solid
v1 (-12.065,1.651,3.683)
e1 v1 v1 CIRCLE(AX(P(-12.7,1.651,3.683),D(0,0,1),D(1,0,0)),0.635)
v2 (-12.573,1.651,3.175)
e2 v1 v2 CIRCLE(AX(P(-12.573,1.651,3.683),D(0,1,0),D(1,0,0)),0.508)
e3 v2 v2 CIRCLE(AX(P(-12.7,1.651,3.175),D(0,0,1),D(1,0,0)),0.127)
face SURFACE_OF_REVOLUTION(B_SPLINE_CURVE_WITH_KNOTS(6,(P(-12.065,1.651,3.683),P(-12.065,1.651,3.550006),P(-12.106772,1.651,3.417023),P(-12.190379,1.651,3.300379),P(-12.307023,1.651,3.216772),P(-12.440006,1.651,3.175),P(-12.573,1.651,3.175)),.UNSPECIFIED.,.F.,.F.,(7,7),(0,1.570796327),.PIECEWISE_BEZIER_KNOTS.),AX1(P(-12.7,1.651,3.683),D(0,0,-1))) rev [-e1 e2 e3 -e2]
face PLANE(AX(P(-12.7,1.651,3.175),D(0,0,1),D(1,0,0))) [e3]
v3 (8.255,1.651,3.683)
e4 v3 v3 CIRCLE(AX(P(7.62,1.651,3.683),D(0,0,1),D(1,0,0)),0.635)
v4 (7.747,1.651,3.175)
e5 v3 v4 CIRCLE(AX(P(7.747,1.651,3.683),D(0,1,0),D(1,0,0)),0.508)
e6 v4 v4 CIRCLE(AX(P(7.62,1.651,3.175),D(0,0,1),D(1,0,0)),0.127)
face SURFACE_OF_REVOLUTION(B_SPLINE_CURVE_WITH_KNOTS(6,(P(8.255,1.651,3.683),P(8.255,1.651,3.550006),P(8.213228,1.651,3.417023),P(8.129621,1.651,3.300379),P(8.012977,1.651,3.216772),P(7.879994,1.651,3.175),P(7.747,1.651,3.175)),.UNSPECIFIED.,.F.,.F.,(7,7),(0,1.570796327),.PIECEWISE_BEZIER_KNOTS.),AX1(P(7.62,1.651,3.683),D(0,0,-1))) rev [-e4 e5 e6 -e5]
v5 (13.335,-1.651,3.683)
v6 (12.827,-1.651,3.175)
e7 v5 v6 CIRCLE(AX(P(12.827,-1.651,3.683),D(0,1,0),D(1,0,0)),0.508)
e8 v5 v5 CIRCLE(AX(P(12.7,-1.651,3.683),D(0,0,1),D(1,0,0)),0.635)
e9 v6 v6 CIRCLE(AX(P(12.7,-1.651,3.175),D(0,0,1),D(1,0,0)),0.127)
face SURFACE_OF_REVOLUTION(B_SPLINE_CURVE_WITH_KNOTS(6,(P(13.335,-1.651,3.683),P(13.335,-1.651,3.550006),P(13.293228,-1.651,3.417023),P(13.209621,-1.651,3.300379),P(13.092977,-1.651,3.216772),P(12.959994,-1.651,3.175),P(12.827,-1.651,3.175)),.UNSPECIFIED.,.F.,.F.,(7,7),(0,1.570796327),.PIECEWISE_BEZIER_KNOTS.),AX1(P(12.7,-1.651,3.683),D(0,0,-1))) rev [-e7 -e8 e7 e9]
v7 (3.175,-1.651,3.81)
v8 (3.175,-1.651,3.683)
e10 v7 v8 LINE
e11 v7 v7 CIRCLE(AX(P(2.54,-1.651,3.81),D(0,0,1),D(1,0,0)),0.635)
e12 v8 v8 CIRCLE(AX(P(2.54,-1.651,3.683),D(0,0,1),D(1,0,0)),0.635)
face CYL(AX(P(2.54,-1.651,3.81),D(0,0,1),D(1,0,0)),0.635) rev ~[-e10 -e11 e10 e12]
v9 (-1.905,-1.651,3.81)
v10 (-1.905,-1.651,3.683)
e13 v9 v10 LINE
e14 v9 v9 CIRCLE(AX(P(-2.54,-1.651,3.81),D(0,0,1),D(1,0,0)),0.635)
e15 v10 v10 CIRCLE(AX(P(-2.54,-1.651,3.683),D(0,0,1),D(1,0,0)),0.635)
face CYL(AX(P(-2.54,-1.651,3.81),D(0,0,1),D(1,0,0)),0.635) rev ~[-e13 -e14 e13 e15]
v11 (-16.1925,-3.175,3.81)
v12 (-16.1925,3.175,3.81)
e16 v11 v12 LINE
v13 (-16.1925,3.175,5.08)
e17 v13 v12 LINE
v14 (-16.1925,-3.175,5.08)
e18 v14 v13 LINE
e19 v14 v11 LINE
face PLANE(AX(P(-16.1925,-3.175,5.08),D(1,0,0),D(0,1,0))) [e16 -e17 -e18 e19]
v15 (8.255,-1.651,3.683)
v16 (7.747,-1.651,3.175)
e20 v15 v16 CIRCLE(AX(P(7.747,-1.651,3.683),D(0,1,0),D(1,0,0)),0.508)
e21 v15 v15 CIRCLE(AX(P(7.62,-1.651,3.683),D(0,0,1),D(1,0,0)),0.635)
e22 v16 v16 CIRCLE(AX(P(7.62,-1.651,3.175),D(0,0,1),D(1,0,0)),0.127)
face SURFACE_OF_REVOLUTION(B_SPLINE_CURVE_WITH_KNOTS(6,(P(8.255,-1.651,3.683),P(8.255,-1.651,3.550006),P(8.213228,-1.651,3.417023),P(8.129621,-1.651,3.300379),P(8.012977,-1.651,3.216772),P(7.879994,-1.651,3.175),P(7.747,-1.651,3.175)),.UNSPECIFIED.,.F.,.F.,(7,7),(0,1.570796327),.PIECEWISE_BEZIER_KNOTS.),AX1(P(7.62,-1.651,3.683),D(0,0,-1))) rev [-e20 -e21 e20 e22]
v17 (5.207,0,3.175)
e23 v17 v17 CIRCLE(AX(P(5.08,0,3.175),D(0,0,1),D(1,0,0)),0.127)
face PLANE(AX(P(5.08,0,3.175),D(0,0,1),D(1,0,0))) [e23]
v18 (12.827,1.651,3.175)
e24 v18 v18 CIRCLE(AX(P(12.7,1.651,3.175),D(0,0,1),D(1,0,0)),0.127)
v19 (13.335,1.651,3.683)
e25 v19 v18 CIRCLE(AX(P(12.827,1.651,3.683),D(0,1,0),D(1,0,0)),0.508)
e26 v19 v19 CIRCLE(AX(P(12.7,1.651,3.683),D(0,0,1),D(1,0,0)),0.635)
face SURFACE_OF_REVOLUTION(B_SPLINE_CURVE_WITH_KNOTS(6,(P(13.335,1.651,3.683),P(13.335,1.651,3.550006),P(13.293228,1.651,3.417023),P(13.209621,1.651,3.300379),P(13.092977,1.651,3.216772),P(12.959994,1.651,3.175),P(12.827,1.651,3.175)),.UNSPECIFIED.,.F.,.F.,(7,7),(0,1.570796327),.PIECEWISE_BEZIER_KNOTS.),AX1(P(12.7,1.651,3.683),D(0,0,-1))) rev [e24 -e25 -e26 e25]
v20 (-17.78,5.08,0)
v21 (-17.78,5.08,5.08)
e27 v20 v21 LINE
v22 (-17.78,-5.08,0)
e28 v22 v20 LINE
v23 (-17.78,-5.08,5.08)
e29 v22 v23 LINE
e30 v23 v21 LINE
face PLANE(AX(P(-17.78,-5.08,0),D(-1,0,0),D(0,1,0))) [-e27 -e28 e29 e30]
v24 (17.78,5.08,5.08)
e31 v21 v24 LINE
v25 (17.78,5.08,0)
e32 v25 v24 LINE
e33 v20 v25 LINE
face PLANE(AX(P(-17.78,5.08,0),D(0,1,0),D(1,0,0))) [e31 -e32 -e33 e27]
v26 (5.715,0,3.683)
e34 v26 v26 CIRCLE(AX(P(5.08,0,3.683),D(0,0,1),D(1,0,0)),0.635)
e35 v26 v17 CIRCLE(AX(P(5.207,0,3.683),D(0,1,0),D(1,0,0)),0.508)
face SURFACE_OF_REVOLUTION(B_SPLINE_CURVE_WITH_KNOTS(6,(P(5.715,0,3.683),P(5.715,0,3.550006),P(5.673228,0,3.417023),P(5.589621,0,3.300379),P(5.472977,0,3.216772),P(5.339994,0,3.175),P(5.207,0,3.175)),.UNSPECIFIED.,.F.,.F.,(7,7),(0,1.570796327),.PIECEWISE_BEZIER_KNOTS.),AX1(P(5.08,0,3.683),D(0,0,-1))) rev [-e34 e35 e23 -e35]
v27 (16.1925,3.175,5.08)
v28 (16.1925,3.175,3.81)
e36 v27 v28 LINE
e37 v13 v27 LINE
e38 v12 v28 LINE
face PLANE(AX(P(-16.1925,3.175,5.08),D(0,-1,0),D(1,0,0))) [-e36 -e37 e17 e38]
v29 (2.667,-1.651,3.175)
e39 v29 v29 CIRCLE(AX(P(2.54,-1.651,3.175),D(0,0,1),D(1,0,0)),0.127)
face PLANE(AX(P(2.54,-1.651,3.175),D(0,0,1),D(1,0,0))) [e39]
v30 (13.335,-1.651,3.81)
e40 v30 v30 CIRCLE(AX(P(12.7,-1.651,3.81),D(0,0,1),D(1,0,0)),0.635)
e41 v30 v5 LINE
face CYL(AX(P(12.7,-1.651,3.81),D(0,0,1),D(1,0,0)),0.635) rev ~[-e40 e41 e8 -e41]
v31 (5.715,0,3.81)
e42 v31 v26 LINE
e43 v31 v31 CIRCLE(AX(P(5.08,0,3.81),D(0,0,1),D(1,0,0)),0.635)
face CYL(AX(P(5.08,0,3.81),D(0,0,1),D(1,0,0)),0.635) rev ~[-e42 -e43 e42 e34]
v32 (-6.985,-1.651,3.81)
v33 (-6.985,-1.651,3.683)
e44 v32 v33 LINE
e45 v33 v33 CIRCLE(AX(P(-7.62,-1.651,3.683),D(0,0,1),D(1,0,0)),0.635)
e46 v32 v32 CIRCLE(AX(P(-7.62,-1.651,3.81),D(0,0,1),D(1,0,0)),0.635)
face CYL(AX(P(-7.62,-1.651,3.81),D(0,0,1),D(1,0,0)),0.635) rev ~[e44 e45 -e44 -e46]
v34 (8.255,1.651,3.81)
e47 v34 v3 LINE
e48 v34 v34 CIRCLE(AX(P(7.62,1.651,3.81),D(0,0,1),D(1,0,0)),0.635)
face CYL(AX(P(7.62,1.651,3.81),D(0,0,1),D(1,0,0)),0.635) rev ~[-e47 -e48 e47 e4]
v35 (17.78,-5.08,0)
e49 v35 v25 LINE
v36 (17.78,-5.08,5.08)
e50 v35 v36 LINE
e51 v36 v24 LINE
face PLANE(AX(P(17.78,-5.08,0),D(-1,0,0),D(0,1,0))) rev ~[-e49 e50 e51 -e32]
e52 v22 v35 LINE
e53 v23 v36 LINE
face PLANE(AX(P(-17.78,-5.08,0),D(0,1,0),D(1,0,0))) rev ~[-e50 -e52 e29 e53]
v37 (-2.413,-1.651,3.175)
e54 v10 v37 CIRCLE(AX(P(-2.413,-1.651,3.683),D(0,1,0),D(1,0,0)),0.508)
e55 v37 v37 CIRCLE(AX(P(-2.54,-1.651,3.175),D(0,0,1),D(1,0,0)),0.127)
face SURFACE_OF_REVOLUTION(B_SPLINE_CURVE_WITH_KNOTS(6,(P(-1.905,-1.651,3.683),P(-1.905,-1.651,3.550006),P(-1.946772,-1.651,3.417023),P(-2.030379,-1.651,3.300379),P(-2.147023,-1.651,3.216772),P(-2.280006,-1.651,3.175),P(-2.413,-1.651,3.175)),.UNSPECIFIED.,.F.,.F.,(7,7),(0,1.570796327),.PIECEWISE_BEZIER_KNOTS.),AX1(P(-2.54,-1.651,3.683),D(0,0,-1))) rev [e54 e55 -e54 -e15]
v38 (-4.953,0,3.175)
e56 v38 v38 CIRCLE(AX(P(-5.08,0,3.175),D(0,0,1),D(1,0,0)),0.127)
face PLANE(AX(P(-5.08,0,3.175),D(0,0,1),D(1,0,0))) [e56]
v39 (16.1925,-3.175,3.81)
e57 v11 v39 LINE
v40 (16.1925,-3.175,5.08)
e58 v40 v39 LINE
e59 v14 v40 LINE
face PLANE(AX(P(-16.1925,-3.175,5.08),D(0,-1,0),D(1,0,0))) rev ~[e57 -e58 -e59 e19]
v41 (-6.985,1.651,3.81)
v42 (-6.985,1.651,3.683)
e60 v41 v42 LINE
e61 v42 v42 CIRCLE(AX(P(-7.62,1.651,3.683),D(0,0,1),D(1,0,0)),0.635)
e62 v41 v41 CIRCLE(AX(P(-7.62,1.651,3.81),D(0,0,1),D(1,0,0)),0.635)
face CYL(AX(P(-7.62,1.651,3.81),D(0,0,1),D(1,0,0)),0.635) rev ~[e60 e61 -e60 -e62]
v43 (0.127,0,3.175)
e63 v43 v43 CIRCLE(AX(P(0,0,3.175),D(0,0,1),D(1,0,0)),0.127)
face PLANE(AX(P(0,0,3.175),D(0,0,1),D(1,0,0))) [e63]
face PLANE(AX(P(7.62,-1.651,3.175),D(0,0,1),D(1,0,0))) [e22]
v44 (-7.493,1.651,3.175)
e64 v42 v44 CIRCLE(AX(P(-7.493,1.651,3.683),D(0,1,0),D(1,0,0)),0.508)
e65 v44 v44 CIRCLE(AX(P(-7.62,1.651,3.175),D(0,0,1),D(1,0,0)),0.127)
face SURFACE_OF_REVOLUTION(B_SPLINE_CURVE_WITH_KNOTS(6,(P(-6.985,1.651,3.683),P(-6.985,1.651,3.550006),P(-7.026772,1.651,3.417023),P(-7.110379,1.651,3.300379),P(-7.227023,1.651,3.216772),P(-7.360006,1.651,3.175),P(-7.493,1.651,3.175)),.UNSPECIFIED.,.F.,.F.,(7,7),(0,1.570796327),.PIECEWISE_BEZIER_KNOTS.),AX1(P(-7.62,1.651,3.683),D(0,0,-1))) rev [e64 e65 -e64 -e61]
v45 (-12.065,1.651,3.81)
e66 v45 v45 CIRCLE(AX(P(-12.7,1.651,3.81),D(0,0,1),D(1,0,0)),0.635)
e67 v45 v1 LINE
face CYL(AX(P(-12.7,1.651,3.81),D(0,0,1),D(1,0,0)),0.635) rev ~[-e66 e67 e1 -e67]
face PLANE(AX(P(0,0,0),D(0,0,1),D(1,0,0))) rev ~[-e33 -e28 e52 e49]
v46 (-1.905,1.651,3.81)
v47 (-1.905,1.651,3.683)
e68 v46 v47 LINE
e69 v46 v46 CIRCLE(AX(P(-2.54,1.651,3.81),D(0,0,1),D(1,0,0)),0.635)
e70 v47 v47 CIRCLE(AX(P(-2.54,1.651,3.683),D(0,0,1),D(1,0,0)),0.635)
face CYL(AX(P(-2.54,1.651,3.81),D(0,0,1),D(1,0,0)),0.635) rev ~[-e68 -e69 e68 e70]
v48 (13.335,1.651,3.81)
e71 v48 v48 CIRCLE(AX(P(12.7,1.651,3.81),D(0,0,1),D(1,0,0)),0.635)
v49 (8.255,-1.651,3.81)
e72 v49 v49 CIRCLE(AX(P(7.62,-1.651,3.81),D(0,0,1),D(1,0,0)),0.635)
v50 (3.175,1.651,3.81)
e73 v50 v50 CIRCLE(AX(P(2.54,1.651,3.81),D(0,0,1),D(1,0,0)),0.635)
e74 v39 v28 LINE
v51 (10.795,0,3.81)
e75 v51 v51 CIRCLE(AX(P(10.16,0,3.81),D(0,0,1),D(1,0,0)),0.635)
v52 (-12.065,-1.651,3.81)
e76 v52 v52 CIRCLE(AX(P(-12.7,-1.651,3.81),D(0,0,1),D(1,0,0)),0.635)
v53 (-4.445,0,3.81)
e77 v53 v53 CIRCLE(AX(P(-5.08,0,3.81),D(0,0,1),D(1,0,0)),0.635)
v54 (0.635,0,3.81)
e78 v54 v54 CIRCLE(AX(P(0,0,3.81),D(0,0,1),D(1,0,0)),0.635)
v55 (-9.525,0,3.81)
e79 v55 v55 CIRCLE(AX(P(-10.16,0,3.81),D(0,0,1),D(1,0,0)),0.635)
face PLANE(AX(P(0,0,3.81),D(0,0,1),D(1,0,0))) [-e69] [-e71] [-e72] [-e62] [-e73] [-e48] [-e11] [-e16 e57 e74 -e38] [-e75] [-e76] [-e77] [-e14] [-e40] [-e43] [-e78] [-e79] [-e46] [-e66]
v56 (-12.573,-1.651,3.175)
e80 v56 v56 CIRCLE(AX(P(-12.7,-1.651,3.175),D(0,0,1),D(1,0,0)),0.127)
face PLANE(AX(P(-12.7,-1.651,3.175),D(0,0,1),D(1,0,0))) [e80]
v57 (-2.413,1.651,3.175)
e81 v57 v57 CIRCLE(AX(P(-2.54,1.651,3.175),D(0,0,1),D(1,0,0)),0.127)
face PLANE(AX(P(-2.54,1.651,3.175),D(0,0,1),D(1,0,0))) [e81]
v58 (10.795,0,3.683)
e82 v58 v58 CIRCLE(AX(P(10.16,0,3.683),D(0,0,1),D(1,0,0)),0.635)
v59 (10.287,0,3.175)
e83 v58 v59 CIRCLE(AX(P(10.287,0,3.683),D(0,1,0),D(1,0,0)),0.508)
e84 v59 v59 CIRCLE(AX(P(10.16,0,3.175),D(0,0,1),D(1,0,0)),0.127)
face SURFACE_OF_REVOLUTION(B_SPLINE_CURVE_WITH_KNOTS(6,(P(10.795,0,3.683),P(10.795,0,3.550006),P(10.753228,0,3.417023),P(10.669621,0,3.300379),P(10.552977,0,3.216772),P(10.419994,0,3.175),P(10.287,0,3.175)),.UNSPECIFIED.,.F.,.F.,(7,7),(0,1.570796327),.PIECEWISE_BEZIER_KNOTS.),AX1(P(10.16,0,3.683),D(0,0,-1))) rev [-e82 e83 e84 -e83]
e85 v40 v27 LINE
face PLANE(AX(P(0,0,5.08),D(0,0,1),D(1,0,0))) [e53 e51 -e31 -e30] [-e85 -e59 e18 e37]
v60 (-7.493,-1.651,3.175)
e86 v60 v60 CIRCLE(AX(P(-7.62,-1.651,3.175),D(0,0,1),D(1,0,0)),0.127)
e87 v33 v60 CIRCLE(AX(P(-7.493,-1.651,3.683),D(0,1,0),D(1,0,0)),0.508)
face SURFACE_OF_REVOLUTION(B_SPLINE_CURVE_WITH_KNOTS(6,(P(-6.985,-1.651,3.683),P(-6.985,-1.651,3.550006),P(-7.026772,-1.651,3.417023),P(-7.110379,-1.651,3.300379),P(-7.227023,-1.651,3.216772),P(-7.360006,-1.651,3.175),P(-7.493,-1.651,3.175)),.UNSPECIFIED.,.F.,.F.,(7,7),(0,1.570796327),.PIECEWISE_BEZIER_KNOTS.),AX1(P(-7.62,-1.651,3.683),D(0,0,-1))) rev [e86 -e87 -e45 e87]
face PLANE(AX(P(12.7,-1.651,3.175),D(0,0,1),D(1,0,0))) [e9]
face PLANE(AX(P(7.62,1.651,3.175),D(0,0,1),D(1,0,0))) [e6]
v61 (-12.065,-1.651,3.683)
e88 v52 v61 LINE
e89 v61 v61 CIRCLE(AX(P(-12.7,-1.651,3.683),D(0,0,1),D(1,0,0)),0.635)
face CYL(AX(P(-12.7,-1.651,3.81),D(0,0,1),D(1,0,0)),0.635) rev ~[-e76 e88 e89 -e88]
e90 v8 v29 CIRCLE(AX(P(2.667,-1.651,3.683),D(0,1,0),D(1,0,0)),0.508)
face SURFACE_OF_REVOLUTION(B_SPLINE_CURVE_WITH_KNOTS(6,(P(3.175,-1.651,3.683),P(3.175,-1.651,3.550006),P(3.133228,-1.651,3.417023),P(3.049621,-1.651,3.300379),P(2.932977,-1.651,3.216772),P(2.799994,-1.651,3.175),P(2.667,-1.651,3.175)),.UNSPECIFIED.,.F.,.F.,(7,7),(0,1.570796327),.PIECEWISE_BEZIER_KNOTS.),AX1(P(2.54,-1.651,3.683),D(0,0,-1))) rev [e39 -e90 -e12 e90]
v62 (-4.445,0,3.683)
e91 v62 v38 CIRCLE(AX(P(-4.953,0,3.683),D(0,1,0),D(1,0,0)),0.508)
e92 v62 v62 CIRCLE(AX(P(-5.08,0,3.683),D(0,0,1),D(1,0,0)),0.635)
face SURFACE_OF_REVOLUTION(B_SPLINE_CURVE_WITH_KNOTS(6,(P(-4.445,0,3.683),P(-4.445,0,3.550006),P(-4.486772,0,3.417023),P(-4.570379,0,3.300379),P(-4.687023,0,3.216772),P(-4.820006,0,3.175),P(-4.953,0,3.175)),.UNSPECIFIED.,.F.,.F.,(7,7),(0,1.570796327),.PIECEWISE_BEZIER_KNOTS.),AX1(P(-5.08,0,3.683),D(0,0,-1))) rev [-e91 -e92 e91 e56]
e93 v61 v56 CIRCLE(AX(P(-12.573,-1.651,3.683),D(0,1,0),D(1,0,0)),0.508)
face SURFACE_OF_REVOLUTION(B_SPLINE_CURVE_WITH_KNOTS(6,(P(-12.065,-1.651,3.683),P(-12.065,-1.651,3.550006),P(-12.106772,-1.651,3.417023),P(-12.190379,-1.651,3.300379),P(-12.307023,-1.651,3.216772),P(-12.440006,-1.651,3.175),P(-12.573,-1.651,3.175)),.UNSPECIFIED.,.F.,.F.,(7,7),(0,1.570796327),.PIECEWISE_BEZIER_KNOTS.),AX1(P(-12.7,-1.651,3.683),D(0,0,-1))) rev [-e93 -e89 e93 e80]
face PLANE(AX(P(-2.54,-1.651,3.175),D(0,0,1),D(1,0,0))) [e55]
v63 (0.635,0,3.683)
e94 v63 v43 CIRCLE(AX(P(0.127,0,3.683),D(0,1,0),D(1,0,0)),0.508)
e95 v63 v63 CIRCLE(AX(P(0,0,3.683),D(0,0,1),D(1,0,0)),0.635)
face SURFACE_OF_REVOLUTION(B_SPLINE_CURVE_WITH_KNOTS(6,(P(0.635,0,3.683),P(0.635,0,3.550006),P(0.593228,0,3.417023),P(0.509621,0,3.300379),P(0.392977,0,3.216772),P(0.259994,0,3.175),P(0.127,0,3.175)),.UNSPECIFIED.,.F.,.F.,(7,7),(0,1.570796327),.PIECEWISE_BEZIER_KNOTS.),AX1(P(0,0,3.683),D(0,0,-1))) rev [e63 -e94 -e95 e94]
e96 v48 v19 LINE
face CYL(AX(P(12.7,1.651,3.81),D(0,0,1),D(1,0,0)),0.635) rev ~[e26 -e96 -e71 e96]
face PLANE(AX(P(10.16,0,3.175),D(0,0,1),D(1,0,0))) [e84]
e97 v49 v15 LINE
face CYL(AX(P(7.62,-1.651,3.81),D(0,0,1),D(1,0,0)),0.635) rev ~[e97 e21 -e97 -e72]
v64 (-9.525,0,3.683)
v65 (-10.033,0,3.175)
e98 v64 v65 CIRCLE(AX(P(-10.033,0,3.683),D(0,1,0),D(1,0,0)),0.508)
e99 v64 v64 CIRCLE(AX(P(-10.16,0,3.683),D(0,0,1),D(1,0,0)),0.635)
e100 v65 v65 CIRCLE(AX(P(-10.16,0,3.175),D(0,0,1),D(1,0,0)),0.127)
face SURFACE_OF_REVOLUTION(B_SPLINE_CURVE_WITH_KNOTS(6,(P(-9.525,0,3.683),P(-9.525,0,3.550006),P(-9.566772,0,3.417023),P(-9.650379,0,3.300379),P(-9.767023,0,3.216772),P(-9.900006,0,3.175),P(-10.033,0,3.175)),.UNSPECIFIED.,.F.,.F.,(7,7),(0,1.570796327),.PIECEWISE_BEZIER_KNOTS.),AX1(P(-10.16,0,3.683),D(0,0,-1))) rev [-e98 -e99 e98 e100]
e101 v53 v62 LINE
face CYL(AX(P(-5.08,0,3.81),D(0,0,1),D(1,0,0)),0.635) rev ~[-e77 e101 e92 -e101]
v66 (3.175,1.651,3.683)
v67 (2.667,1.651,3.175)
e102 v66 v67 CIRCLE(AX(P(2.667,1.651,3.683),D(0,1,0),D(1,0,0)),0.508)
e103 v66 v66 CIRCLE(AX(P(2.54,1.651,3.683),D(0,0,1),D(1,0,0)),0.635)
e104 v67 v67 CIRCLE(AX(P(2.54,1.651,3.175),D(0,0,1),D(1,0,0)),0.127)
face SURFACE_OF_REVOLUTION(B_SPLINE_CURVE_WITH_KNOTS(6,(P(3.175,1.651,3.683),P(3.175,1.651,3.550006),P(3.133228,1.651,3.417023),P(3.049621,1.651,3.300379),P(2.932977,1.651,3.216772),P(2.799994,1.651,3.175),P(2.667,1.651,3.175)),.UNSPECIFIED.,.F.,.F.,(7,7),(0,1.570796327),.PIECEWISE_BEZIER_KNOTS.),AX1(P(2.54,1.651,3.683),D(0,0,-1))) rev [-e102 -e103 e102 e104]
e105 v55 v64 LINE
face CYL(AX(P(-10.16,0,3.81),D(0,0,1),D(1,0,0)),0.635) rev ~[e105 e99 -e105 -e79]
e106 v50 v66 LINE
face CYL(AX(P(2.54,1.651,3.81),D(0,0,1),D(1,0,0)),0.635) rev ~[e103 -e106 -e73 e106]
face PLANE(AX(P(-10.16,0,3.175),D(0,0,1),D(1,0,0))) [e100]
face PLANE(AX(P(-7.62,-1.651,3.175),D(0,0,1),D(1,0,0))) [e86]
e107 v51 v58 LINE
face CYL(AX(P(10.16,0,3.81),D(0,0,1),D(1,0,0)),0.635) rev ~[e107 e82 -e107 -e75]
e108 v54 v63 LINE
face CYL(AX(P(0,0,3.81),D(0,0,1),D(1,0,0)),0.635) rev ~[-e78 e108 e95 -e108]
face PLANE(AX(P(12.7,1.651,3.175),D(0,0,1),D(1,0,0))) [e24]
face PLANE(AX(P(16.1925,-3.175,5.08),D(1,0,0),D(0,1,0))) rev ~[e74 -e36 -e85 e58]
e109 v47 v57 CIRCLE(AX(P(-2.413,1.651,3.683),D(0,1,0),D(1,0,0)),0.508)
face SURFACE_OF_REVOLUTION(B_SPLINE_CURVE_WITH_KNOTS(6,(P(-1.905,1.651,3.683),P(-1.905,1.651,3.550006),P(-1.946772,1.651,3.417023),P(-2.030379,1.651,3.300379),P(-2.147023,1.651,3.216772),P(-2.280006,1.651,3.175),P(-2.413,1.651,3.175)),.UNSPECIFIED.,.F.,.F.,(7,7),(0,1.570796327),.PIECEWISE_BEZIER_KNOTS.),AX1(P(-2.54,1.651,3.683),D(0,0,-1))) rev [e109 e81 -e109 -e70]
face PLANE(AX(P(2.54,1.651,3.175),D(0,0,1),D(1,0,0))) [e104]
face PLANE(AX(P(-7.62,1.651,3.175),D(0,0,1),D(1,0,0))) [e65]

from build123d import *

# Parameters (mm, degrees)
F0_W     = 35.56
F0_H     = 10.16
F1_DEPTH = 5.08
F2_W     = 32.385
F2_H     = 6.35
F3_DEPTH = 1.27
F4_R     = 0.635
F5_DEPTH = 0.635
F6_R     = 0.508


with BuildPart() as f1:
    # F0 (on Top) → F1 (new body)
    with BuildSketch(Plane.XY):
        Rectangle(F0_W, F0_H)
    extrude(amount=F1_DEPTH)

    # F2 (on face) → F3 (cut)
    with BuildSketch(Plane.XY.offset(5.08)):
        Rectangle(F2_W, F2_H)
    extrude(amount=-F3_DEPTH, mode=Mode.SUBTRACT)

    # F4 (on face) → F5 (cut)
    with BuildSketch(Plane.XY.offset(3.81)):
        with Locations((-12.7, 1.651)):
            Circle(F4_R)
        with Locations((-10.16, 0)):
            Circle(F4_R)
        with Locations((-7.62, 1.651)):
            Circle(F4_R)
        with Locations((-2.54, 1.651)):
            Circle(F4_R)
        with Locations((2.54, 1.651)):
            Circle(F4_R)
        with Locations((7.62, 1.651)):
            Circle(F4_R)
        with Locations((12.7, 1.651)):
            Circle(F4_R)
        with Locations((-5.08, 0)):
            Circle(F4_R)
        Circle(F4_R)
        with Locations((5.08, 0)):
            Circle(F4_R)
        with Locations((10.16, 0)):
            Circle(F4_R)
        with Locations((-12.7, -1.651)):
            Circle(F4_R)
        with Locations((-7.62, -1.651)):
            Circle(F4_R)
        with Locations((-2.54, -1.651)):
            Circle(F4_R)
        with Locations((2.54, -1.651)):
            Circle(F4_R)
        with Locations((7.62, -1.651)):
            Circle(F4_R)
        with Locations((12.7, -1.651)):
            Circle(F4_R)
    extrude(amount=-F5_DEPTH, mode=Mode.SUBTRACT)

    # F6
    f6_edges = [f1.edges().sort_by_distance(p)[0] for p in [
        (-13.335, 1.651, 3.175),
        (-13.335, -1.651, 3.175),
        (-10.795, 0, 3.175),
        (-8.255, 1.651, 3.175),
        (-5.715, 0, 3.175),
        (-3.175, 1.651, 3.175),
        (-3.175, -1.651, 3.175),
        (-8.255, -1.651, 3.175),
        (-0.635, 0, 3.175),
        (1.905, 1.651, 3.175),
        (1.905, -1.651, 3.175),
        (4.445, 0, 3.175),
        (6.985, -1.651, 3.175),
        (6.985, 1.651, 3.175),
        (9.525, 0, 3.175),
        (12.065, 1.651, 3.175),
        (12.065, -1.651, 3.175),
    ]]
    fillet(f6_edges, radius=F6_R)


solid = f1.part
